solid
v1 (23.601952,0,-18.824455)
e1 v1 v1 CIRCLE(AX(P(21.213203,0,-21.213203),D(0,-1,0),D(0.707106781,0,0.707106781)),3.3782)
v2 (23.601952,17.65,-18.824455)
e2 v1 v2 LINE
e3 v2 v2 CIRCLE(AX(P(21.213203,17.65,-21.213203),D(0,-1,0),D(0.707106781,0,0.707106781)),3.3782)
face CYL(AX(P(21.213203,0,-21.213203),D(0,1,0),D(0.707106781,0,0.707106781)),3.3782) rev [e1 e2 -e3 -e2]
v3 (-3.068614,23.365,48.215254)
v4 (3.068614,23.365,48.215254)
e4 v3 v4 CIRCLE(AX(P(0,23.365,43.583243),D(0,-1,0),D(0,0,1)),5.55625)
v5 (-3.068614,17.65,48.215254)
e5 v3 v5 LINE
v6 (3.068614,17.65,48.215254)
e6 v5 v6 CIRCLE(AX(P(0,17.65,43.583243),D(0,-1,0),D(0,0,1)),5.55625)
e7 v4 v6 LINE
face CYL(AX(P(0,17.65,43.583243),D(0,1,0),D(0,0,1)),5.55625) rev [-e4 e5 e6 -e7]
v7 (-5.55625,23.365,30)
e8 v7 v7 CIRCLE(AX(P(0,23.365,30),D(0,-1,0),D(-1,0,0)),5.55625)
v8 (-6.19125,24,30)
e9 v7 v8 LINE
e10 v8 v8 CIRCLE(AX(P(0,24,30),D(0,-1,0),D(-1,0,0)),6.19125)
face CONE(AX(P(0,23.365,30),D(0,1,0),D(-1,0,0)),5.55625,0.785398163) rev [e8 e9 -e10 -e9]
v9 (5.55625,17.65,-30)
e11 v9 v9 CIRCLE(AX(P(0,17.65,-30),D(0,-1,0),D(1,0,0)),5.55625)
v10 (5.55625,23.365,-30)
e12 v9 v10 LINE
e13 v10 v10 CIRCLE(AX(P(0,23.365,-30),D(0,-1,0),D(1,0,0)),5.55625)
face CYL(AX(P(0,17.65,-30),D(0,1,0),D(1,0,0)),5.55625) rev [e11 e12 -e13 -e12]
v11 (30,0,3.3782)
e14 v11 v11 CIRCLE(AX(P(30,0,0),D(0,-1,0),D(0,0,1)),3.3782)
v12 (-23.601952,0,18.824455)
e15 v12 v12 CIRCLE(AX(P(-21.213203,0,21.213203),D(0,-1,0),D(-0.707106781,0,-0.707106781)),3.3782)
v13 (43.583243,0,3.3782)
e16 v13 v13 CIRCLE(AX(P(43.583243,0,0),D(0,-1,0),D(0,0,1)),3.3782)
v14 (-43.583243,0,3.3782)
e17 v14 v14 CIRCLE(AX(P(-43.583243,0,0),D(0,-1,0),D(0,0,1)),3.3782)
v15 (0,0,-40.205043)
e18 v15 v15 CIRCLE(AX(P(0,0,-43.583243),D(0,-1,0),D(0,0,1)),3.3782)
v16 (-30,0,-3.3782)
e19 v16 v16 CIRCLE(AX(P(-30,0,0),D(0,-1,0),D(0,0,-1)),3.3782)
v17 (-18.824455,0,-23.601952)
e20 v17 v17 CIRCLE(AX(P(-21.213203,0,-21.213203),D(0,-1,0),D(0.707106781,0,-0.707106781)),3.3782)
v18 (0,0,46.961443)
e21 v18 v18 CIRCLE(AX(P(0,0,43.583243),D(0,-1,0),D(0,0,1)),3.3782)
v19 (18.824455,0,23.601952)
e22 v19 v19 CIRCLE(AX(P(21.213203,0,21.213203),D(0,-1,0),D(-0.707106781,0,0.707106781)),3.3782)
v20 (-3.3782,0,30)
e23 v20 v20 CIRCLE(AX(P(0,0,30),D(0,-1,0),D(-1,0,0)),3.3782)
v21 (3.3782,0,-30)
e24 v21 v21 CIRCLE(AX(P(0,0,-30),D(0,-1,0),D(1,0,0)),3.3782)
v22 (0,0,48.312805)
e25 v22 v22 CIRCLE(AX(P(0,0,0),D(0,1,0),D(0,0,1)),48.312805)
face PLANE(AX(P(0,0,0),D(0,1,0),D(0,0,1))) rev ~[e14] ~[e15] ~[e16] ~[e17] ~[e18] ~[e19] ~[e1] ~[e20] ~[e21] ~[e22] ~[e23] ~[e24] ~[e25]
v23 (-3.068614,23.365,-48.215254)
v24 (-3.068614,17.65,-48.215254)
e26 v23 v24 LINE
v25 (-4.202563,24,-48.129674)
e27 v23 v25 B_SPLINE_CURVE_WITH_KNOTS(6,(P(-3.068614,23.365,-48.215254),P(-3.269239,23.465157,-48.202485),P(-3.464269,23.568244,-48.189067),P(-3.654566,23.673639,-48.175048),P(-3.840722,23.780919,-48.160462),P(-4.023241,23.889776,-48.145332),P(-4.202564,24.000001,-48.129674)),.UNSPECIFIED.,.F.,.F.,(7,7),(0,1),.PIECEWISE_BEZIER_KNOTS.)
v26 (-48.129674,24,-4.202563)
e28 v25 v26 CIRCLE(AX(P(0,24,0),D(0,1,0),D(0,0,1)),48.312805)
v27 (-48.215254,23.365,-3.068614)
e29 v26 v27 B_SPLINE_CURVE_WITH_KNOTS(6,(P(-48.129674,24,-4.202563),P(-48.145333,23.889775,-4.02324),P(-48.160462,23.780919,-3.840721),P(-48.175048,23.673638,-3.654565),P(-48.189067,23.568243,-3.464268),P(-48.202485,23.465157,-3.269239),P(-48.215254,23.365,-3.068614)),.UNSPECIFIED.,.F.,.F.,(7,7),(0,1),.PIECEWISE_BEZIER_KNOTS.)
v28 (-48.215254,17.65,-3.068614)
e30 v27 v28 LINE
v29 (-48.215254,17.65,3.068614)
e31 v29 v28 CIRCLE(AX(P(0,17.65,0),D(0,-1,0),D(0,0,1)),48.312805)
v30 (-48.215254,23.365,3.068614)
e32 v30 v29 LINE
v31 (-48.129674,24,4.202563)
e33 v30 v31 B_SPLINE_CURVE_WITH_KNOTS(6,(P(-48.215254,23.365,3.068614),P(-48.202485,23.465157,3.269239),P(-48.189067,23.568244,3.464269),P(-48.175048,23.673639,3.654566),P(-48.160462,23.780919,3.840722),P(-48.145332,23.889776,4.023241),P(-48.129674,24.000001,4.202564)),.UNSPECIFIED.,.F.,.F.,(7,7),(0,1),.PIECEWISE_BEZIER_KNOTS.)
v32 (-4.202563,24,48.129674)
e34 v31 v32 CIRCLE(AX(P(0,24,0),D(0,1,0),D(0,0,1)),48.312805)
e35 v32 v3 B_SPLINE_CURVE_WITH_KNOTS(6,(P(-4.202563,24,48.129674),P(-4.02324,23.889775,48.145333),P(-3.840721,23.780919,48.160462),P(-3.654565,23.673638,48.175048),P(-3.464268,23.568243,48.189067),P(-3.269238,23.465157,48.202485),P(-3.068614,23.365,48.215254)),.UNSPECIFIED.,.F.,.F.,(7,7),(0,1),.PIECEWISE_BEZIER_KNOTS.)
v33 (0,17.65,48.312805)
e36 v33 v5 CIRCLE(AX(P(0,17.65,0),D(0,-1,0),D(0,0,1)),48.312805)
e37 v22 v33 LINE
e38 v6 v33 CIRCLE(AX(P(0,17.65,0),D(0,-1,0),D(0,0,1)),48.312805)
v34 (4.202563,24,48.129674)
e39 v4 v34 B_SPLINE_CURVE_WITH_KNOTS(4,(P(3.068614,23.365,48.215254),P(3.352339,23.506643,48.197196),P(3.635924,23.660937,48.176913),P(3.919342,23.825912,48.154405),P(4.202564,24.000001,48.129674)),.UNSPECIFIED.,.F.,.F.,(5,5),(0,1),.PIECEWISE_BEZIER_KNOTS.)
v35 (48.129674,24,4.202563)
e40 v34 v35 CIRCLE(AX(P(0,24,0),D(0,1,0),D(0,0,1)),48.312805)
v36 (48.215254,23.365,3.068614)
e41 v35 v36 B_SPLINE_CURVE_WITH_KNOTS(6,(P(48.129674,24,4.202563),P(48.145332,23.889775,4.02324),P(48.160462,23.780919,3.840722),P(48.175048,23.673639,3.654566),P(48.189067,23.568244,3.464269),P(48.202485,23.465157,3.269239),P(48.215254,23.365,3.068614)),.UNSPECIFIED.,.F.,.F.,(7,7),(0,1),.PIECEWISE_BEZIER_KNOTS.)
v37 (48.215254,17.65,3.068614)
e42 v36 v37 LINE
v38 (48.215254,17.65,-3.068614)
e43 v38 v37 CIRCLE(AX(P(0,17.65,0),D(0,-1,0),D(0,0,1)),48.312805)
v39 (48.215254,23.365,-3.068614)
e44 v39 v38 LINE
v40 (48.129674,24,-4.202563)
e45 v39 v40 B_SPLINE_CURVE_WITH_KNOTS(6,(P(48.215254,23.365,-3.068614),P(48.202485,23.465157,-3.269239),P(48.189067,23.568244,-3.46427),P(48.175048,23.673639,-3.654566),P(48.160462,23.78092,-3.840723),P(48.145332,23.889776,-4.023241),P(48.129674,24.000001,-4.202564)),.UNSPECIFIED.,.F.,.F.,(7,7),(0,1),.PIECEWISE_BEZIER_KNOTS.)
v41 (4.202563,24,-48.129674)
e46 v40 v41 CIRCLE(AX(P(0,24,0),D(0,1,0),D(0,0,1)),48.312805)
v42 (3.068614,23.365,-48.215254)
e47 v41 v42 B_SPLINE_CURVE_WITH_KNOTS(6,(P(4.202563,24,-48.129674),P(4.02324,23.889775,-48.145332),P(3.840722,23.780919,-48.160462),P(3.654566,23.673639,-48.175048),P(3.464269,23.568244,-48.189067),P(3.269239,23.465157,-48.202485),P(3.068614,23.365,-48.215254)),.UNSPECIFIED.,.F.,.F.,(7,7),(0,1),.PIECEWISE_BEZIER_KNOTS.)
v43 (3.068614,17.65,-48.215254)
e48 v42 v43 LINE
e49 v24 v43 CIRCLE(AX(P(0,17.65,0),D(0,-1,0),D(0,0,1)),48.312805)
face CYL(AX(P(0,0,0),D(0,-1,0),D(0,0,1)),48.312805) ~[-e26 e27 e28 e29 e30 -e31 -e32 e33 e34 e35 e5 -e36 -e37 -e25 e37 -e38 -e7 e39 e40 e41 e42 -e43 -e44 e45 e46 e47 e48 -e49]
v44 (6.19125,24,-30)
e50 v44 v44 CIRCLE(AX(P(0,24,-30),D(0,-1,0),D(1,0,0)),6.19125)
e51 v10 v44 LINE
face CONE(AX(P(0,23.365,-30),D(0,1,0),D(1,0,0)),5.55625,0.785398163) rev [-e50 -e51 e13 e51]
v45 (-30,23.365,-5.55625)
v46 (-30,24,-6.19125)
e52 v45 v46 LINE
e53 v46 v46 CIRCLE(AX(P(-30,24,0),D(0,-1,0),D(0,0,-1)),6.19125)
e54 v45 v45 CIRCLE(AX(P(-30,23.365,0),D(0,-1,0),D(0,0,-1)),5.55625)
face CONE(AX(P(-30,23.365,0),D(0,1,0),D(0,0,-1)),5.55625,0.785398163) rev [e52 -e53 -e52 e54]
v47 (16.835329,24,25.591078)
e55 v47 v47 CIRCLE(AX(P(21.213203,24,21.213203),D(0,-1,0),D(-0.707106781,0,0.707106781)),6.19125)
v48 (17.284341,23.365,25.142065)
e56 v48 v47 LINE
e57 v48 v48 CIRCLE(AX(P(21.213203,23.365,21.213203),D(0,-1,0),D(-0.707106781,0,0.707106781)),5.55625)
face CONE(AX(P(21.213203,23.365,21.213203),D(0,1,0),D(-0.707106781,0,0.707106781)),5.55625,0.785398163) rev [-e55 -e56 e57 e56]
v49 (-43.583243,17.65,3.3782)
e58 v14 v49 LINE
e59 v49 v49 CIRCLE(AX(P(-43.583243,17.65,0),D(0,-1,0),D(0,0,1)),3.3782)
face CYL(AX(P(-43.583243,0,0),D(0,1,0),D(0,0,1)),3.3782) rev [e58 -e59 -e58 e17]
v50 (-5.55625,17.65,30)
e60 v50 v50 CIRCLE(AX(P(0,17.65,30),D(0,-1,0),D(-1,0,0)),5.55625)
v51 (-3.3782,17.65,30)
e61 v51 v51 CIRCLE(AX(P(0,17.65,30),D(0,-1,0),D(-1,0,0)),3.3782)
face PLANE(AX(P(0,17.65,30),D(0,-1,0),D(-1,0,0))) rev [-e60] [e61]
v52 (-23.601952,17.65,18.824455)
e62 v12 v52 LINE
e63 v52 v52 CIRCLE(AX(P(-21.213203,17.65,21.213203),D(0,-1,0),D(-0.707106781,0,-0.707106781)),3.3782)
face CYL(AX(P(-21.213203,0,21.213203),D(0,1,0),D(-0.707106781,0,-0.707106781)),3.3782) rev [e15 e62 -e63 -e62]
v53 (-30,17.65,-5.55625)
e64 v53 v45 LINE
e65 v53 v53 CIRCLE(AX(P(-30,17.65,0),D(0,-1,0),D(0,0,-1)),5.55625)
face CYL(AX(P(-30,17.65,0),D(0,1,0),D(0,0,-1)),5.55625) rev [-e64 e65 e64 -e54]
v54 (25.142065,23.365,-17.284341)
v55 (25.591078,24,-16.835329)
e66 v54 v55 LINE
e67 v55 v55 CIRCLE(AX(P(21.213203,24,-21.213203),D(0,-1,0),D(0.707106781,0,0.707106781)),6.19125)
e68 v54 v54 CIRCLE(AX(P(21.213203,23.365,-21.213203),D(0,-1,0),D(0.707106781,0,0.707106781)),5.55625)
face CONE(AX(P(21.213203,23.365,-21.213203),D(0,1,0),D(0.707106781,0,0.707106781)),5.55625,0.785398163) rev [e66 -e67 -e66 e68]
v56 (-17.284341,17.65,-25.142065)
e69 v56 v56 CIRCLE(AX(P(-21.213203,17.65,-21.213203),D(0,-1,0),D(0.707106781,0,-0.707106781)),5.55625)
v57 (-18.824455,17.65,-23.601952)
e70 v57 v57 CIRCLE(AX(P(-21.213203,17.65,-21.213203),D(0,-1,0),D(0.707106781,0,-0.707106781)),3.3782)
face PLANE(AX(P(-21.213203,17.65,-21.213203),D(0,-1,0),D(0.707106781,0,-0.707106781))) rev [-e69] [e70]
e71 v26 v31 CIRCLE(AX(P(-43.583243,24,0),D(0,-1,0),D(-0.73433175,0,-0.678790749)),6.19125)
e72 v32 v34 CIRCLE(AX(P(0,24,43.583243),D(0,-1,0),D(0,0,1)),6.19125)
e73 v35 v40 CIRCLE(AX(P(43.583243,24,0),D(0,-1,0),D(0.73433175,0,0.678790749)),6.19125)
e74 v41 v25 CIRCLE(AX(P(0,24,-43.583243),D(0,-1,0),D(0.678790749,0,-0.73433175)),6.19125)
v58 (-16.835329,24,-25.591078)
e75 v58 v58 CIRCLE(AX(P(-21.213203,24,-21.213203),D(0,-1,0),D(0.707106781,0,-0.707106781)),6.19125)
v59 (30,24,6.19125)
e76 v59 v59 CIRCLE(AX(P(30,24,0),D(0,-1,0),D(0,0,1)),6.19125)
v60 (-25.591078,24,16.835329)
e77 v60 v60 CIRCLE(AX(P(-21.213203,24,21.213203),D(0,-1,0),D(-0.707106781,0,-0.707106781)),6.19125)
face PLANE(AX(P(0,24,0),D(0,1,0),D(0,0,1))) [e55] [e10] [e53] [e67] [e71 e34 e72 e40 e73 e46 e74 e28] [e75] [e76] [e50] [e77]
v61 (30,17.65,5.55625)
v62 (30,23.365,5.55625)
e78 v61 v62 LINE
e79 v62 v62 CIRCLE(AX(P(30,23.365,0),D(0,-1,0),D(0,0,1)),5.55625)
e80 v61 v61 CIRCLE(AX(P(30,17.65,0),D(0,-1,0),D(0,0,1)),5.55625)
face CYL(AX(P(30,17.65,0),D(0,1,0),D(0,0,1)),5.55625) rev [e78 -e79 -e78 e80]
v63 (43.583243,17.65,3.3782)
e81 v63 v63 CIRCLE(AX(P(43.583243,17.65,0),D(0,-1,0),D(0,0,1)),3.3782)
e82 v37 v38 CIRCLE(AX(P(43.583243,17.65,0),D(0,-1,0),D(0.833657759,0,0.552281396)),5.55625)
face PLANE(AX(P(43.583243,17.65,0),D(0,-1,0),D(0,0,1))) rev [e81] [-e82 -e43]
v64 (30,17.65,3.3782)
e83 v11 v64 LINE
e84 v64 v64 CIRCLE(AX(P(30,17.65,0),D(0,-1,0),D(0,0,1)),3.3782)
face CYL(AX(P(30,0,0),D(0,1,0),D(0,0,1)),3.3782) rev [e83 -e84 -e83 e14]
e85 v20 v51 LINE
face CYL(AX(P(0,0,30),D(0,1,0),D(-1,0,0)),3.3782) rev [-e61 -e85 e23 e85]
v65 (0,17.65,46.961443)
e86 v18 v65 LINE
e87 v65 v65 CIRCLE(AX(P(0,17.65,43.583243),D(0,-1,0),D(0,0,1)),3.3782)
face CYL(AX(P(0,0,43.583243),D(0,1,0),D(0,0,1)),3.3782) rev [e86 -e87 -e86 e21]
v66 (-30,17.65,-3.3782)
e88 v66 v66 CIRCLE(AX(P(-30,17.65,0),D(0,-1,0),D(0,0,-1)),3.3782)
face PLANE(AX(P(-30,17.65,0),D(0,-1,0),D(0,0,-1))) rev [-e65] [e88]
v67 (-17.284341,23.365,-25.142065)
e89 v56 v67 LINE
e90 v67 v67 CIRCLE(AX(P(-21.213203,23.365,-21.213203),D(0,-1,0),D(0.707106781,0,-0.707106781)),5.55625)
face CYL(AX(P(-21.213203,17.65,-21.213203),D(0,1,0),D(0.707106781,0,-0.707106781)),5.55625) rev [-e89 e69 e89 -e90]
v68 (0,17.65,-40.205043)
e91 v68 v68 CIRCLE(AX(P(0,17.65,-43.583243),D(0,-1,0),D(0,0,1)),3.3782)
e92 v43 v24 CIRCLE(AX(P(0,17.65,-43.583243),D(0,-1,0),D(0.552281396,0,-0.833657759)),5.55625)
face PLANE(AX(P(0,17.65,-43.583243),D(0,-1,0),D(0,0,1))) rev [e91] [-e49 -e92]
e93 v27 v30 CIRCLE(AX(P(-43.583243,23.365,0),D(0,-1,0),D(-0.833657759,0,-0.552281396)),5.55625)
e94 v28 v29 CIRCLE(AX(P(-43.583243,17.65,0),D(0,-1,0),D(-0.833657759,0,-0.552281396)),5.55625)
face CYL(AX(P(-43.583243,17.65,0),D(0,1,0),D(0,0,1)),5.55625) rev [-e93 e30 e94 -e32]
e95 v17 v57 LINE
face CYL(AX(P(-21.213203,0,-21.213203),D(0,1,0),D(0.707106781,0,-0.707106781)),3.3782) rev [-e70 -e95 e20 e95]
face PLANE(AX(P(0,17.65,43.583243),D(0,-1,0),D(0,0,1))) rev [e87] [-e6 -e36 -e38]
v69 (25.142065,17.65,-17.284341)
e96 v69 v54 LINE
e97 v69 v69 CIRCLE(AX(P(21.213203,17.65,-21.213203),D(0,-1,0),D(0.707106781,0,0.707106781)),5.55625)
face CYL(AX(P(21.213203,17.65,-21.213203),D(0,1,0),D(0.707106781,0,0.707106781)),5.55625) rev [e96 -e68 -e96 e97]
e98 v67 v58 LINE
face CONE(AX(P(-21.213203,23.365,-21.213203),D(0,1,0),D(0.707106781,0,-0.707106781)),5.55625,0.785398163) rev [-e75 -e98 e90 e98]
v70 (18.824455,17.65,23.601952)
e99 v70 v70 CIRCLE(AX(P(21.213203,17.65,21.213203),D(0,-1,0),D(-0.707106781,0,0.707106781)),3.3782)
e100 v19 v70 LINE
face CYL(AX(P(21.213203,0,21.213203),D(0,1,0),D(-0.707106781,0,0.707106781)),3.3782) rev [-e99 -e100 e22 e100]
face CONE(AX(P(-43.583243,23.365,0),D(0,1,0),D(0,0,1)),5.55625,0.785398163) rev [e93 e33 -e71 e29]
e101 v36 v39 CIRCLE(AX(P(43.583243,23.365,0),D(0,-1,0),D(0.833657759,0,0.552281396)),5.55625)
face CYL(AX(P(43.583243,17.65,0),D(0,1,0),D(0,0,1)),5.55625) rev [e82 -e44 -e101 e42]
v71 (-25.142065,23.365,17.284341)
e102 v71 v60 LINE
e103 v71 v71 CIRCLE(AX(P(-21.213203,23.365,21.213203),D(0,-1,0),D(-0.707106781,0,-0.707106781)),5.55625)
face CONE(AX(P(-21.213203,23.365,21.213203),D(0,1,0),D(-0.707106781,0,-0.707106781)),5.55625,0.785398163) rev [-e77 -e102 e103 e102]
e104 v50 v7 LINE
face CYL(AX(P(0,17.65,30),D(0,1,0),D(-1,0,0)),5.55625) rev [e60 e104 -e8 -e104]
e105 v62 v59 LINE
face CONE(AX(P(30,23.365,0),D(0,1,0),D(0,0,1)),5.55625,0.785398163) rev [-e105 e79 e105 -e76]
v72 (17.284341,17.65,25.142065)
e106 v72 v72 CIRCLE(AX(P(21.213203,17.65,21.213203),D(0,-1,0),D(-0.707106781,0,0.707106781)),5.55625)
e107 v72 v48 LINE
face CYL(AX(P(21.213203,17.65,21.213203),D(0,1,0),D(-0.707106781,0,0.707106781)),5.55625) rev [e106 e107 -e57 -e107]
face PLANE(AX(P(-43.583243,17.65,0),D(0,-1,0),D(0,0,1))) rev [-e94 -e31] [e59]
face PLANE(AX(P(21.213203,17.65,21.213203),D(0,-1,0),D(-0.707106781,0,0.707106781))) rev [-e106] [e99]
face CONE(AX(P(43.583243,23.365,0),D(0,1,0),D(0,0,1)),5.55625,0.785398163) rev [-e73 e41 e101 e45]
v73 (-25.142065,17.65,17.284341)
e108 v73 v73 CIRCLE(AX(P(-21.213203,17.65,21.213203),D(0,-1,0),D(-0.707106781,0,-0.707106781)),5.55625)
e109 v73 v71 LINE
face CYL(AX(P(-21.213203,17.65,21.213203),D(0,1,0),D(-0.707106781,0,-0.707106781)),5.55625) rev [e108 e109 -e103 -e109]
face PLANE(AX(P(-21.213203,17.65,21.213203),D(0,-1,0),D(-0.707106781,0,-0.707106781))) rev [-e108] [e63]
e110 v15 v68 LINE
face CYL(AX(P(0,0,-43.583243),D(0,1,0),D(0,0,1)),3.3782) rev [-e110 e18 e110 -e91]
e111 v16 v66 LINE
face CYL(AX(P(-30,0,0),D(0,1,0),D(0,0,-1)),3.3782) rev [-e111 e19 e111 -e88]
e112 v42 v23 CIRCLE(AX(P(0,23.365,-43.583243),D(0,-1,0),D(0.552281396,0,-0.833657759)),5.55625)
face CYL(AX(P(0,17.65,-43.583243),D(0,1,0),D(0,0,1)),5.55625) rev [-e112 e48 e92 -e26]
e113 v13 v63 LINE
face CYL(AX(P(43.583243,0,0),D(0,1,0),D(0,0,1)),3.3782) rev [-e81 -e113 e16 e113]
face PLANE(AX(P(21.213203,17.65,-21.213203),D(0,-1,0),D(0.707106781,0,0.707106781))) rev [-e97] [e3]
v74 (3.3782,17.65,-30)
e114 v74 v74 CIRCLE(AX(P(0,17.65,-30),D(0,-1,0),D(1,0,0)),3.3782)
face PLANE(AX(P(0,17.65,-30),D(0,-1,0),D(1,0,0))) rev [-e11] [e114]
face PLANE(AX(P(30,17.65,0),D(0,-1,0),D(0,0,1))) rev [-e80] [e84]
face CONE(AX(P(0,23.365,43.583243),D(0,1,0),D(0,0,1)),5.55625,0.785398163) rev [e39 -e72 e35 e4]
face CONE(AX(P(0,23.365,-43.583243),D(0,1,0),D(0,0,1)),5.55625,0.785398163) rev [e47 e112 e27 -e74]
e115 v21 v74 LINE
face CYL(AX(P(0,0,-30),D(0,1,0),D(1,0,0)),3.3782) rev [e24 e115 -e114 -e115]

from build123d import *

# Parameters (mm, degrees)
SKETCH1_R                                     = 48.312804733
BOSS_EXTRUDE1_DEPTH                           = 24
CBORE_FOR_1_4_SOCKET_HEAD_CAP_SCREW2_AT_COUNT = 2
CBORE_FOR_1_4_SOCKET_HEAD_CAP_SCREW2_AT_PITCH = 61.636013361
CBORE_FOR_1_4_SOCKET_HEAD_CAP_SCREW2_2_COUNT  = 2
CBORE_FOR_1_4_SOCKET_HEAD_CAP_SCREW2_2_PITCH  = 87.166486026
CBORE_FOR_1_4_SOCKET_HEAD_CAP_SCREW2_3_COUNT  = 2
CBORE_FOR_1_4_SOCKET_HEAD_CAP_SCREW2_3_PITCH  = 61.636013361
CIRPATTERN1_COUNT                             = 8


with BuildPart() as part:
    # Sketch1 → Boss-Extrude1 (new body)
    with BuildSketch(Plane(origin=(0, 0, 0), x_dir=(1, 0, 0), z_dir=(0, 1, 0))):
        with Locations(Location((0, 0, 0), (0, 0, 270))):
            Circle(SKETCH1_R)
    extrude(amount=BOSS_EXTRUDE1_DEPTH)

    # Sketch8 → CBORE for 1/4 Socket Head Cap Screw2 (revolve, cut)
    with BuildSketch(Plane(origin=(0, 24, -43.583243013), x_dir=(0, 0, 1), z_dir=(1, 0, 0))):
        Polygon((0, 0), (0, 24), (3.3782, 24), (3.3782, 6.35), (5.55625, 6.35), (5.55625, 0.635), (6.19125, 0), align=None)
    cbore_for_1_4_socket_head_cap_screw2 = revolve(axis=Axis((0, 30.35, -43.583243013), (0, -1, 0)), mode=Mode.SUBTRACT)

    # CBORE for 1/4 Socket Head Cap Screw2 at: CBORE for 1/4 Socket Head Cap Screw2 ×2
    with Locations(*[Vector(-0.7071067811865476, 0, 0.7071067811865476) * (i * CBORE_FOR_1_4_SOCKET_HEAD_CAP_SCREW2_AT_PITCH) for i in range(1, CBORE_FOR_1_4_SOCKET_HEAD_CAP_SCREW2_AT_COUNT)]):
        add(cbore_for_1_4_socket_head_cap_screw2, mode=Mode.SUBTRACT)

    # CBORE for 1_4 Socket Head Cap Screw2 2: CBORE for 1/4 Socket Head Cap Screw2 ×2
    with Locations(*[(0, 0, i * CBORE_FOR_1_4_SOCKET_HEAD_CAP_SCREW2_2_PITCH) for i in range(1, CBORE_FOR_1_4_SOCKET_HEAD_CAP_SCREW2_2_COUNT)]):
        add(cbore_for_1_4_socket_head_cap_screw2, mode=Mode.SUBTRACT)

    # CBORE for 1_4 Socket Head Cap Screw2 3: CBORE for 1/4 Socket Head Cap Screw2 ×2
    with Locations(*[Vector(0.7071067811865476, 0, 0.7071067811865476) * (i * CBORE_FOR_1_4_SOCKET_HEAD_CAP_SCREW2_3_PITCH) for i in range(1, CBORE_FOR_1_4_SOCKET_HEAD_CAP_SCREW2_3_COUNT)]):
        add(cbore_for_1_4_socket_head_cap_screw2, mode=Mode.SUBTRACT)

    # Sketch10 → CBORE for 1/4 Socket Head Cap Screw3 (revolve, cut)
    with BuildSketch(Plane(origin=(30, 24, 0), x_dir=(0, 0, 1), z_dir=(1, 0, 0))):
        Polygon((0, 0), (0, 24), (3.3782, 24), (3.3782, 6.35), (5.55625, 6.35), (5.55625, 0.635), (6.19125, 0), align=None)
    cbore_for_1_4_socket_head_cap_screw3 = revolve(axis=Axis((30, 30.35, 0), (0, -1, 0)), mode=Mode.SUBTRACT)

    # CirPattern1: CBORE for 1/4 Socket Head Cap Screw3 ×8 about axis
    cirpattern1_axis = Axis((0, 0, 0), (0, 1, 0))
    for i in range(1, CIRPATTERN1_COUNT):
        add(cbore_for_1_4_socket_head_cap_screw3.rotate(cirpattern1_axis, i * 360 / CIRPATTERN1_COUNT), mode=Mode.SUBTRACT)


solid = part.part
